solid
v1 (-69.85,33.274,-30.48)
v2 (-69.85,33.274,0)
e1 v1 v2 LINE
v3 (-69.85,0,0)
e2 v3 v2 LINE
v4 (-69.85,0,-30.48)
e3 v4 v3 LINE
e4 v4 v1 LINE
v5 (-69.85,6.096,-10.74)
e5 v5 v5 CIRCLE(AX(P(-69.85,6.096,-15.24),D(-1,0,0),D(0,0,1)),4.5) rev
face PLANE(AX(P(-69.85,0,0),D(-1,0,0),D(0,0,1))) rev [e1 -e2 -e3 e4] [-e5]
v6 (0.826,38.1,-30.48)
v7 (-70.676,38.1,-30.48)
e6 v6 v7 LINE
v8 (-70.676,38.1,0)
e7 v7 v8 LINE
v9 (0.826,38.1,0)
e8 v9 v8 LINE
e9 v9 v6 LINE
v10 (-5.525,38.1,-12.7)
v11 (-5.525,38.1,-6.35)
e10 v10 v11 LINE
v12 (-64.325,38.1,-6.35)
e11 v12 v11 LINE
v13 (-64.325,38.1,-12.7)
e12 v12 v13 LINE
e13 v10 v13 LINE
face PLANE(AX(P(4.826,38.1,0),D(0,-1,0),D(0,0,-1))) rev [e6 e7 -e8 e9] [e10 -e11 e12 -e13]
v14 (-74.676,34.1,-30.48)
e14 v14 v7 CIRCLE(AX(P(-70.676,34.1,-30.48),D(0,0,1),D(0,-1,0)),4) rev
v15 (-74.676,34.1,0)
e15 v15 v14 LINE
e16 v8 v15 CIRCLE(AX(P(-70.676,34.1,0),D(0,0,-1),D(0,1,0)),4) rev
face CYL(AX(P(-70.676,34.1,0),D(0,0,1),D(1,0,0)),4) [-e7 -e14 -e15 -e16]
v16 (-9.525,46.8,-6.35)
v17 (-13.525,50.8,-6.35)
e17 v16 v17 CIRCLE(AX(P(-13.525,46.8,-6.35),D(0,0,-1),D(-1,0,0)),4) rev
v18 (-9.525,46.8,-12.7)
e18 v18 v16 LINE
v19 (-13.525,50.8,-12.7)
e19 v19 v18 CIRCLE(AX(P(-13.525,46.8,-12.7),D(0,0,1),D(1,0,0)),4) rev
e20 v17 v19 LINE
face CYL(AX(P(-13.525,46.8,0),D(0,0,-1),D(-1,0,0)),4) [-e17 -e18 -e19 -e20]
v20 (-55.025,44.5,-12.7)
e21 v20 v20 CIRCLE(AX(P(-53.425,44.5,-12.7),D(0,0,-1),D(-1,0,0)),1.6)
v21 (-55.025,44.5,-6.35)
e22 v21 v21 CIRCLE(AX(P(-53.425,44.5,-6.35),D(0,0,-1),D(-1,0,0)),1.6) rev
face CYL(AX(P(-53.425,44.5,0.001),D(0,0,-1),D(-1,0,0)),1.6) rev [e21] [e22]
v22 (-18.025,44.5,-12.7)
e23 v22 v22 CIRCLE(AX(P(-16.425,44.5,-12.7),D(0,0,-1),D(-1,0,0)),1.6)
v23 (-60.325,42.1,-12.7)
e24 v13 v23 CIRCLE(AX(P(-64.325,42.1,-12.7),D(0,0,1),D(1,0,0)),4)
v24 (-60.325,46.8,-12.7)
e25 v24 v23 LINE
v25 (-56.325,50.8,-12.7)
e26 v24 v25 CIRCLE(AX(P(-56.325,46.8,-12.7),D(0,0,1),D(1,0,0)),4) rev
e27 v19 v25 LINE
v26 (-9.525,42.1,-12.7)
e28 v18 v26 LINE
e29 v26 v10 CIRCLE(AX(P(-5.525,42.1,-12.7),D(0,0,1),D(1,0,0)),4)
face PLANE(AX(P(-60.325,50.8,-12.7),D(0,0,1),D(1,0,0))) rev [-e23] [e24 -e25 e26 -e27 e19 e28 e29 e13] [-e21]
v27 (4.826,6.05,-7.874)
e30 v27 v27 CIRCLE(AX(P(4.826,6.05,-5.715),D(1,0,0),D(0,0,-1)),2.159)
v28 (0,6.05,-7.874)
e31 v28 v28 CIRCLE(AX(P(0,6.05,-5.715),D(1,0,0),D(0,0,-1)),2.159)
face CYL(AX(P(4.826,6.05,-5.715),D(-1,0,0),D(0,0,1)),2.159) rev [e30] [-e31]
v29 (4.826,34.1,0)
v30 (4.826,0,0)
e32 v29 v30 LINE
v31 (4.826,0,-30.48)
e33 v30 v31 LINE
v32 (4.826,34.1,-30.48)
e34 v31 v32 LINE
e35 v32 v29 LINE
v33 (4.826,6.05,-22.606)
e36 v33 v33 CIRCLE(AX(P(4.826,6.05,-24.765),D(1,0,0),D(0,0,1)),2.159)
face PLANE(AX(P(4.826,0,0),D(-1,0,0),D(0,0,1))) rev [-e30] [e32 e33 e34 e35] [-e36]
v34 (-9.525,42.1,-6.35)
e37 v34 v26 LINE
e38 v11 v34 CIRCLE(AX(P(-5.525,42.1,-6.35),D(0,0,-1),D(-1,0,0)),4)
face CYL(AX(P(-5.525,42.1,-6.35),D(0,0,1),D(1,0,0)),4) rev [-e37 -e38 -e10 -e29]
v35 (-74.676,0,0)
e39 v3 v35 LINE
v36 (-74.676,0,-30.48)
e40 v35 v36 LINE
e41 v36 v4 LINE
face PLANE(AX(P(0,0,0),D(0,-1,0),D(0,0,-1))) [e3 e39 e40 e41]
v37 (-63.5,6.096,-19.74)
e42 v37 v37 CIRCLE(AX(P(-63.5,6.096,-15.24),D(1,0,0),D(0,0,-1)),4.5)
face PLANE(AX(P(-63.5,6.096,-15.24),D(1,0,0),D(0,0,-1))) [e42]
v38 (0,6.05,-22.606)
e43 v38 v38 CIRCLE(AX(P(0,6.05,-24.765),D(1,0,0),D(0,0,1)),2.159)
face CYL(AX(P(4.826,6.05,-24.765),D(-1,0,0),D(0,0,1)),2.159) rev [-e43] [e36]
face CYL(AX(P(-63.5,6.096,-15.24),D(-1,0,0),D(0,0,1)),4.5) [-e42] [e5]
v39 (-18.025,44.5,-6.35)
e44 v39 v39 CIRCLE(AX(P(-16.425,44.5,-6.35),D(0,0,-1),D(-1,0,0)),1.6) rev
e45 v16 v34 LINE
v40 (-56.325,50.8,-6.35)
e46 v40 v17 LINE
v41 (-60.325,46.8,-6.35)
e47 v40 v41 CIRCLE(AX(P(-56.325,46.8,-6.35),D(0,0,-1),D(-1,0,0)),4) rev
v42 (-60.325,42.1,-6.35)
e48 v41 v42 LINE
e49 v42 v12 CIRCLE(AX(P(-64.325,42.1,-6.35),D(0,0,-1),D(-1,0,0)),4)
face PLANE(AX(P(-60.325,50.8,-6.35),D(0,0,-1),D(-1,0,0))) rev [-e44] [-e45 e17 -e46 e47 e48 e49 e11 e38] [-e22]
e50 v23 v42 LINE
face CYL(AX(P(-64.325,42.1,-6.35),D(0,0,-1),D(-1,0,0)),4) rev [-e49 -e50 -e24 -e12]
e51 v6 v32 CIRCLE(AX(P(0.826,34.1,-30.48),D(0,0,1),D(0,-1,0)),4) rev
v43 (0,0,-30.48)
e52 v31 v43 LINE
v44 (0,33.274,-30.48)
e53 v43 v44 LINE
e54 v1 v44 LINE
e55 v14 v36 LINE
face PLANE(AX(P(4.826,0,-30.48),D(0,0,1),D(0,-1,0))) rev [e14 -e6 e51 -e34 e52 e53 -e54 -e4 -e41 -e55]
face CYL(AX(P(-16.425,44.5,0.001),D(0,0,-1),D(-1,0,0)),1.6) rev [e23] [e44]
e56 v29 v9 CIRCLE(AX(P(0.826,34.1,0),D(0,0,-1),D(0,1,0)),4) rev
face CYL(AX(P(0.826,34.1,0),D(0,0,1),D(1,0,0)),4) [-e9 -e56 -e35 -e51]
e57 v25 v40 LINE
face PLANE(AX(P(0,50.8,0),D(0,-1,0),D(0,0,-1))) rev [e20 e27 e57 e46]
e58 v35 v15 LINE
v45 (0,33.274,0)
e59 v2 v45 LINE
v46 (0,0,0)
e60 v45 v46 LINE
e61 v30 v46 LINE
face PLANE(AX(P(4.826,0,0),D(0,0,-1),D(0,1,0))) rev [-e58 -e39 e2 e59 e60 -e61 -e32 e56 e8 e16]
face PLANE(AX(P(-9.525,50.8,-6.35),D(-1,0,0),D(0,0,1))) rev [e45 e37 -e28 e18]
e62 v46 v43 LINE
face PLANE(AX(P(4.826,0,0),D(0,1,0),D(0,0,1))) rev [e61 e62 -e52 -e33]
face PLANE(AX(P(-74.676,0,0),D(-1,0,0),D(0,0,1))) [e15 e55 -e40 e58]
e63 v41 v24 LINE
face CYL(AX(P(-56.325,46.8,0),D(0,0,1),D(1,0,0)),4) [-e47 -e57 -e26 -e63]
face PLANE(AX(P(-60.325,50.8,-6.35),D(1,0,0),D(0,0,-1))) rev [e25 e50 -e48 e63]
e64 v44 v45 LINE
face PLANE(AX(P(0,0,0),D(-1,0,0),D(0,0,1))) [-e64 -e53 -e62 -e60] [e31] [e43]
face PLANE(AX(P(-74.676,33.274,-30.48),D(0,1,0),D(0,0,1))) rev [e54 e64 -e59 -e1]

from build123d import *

# Parameters (mm, degrees)
SKETCH2_W           = 30.48
SKETCH2_H           = 38.1
SKETCH2_R           = 2.159
BOSS_EXTRUDE1_DEPTH = 4.826
SKETCH3_W           = 30.48
SKETCH3_H           = 4.826
BOSS_EXTRUDE2_DEPTH = 74.676
SKETCH4_W           = 4.826
SKETCH4_H           = 30.48
BOSS_EXTRUDE4_DEPTH = 33.274
SKETCH5_W           = 50.8
SKETCH5_H           = 6.35
BOSS_EXTRUDE5_DEPTH = 12.7
CUT_EXTRUDE1_REACH  = 14.7
SKETCH6_R           = 1.6
FILLET2_R           = 4
SKETCH7_R           = 4.5
BOSS_EXTRUDE6_DEPTH = 6.35


with BuildPart() as part:
    # Sketch2 → Boss-Extrude1 (new body)
    with BuildSketch(Plane(origin=(0, 0, 0), x_dir=(0, 0, -1), z_dir=(1, 0, 0))):
        with Locations((15.24, 19.05)):
            Rectangle(SKETCH2_W, SKETCH2_H)
        with Locations((5.715, 6.05)):
            Circle(SKETCH2_R, mode=Mode.SUBTRACT)
        with Locations((24.765, 6.05)):
            Circle(SKETCH2_R, mode=Mode.SUBTRACT)
    extrude(amount=BOSS_EXTRUDE1_DEPTH)

    # Sketch3 → Boss-Extrude2 (add)
    with BuildSketch(Plane.ZY):
        with Locations((-15.24, 35.687)):
            Rectangle(SKETCH3_W, SKETCH3_H)
    extrude(amount=BOSS_EXTRUDE2_DEPTH)

    # Sketch4 → Boss-Extrude4 (add)
    with BuildSketch(Plane.XZ.offset(-33.274)):
        with Locations((-72.263, -15.24)):
            Rectangle(SKETCH4_W, SKETCH4_H)
    extrude(amount=BOSS_EXTRUDE4_DEPTH)

    # Sketch5 → Boss-Extrude5 (add)
    with BuildSketch(Plane(origin=(0, 38.1, 0), x_dir=(1, 0, 0), z_dir=(0, 1, 0))):
        with Locations((-34.925, 9.525)):
            Rectangle(SKETCH5_W, SKETCH5_H)
    extrude(amount=BOSS_EXTRUDE5_DEPTH)

    # Sketch6 → Cut-Extrude1 (cut, up to next)
    with BuildSketch(Plane(origin=(0, 0, -12.7), x_dir=(-1, 0, 0), z_dir=(0, 0, -1)), mode=Mode.PRIVATE) as cut_extrude1_sk1:
        with Locations((16.425, 44.5)):
            Circle(SKETCH6_R)
    cut_extrude1_tool1 = extrude(cut_extrude1_sk1.sketch, amount=-CUT_EXTRUDE1_REACH, mode=Mode.PRIVATE) & part.part
    add(cut_extrude1_tool1.solids().sort_by_distance((-16.425, 44.5, -12.7))[0], mode=Mode.SUBTRACT)
    # Sketch6 → Cut-Extrude1 (cut, up to next)
    with BuildSketch(Plane(origin=(0, 0, -12.7), x_dir=(-1, 0, 0), z_dir=(0, 0, -1)), mode=Mode.PRIVATE) as cut_extrude1_sk2:
        with Locations((53.425, 44.5)):
            Circle(SKETCH6_R)
    cut_extrude1_tool2 = extrude(cut_extrude1_sk2.sketch, amount=-CUT_EXTRUDE1_REACH, mode=Mode.PRIVATE) & part.part
    add(cut_extrude1_tool2.solids().sort_by_distance((-53.425, 44.5, -12.7))[0], mode=Mode.SUBTRACT)

    # Fillet2
    fillet2_edges = [part.edges().sort_by_distance(p)[0] for p in [
        (4.826, 38.1, -15.24),
        (-74.676, 38.1, -15.24),
        (-60.325, 38.1, -9.525),
        (-9.525, 38.1, -9.525),
        (-60.325, 50.8, -9.525),
        (-9.525, 50.8, -9.525),
    ]]
    fillet(fillet2_edges, radius=FILLET2_R)

    # Sketch7 → Boss-Extrude6 (add)
    with BuildSketch(Plane(origin=(-69.85, 0, 0), x_dir=(0, 0, -1), z_dir=(1, 0, 0))):
        with Locations((15.24, 6.096)):
            Circle(SKETCH7_R)
    extrude(amount=BOSS_EXTRUDE6_DEPTH)


solid = part.part
